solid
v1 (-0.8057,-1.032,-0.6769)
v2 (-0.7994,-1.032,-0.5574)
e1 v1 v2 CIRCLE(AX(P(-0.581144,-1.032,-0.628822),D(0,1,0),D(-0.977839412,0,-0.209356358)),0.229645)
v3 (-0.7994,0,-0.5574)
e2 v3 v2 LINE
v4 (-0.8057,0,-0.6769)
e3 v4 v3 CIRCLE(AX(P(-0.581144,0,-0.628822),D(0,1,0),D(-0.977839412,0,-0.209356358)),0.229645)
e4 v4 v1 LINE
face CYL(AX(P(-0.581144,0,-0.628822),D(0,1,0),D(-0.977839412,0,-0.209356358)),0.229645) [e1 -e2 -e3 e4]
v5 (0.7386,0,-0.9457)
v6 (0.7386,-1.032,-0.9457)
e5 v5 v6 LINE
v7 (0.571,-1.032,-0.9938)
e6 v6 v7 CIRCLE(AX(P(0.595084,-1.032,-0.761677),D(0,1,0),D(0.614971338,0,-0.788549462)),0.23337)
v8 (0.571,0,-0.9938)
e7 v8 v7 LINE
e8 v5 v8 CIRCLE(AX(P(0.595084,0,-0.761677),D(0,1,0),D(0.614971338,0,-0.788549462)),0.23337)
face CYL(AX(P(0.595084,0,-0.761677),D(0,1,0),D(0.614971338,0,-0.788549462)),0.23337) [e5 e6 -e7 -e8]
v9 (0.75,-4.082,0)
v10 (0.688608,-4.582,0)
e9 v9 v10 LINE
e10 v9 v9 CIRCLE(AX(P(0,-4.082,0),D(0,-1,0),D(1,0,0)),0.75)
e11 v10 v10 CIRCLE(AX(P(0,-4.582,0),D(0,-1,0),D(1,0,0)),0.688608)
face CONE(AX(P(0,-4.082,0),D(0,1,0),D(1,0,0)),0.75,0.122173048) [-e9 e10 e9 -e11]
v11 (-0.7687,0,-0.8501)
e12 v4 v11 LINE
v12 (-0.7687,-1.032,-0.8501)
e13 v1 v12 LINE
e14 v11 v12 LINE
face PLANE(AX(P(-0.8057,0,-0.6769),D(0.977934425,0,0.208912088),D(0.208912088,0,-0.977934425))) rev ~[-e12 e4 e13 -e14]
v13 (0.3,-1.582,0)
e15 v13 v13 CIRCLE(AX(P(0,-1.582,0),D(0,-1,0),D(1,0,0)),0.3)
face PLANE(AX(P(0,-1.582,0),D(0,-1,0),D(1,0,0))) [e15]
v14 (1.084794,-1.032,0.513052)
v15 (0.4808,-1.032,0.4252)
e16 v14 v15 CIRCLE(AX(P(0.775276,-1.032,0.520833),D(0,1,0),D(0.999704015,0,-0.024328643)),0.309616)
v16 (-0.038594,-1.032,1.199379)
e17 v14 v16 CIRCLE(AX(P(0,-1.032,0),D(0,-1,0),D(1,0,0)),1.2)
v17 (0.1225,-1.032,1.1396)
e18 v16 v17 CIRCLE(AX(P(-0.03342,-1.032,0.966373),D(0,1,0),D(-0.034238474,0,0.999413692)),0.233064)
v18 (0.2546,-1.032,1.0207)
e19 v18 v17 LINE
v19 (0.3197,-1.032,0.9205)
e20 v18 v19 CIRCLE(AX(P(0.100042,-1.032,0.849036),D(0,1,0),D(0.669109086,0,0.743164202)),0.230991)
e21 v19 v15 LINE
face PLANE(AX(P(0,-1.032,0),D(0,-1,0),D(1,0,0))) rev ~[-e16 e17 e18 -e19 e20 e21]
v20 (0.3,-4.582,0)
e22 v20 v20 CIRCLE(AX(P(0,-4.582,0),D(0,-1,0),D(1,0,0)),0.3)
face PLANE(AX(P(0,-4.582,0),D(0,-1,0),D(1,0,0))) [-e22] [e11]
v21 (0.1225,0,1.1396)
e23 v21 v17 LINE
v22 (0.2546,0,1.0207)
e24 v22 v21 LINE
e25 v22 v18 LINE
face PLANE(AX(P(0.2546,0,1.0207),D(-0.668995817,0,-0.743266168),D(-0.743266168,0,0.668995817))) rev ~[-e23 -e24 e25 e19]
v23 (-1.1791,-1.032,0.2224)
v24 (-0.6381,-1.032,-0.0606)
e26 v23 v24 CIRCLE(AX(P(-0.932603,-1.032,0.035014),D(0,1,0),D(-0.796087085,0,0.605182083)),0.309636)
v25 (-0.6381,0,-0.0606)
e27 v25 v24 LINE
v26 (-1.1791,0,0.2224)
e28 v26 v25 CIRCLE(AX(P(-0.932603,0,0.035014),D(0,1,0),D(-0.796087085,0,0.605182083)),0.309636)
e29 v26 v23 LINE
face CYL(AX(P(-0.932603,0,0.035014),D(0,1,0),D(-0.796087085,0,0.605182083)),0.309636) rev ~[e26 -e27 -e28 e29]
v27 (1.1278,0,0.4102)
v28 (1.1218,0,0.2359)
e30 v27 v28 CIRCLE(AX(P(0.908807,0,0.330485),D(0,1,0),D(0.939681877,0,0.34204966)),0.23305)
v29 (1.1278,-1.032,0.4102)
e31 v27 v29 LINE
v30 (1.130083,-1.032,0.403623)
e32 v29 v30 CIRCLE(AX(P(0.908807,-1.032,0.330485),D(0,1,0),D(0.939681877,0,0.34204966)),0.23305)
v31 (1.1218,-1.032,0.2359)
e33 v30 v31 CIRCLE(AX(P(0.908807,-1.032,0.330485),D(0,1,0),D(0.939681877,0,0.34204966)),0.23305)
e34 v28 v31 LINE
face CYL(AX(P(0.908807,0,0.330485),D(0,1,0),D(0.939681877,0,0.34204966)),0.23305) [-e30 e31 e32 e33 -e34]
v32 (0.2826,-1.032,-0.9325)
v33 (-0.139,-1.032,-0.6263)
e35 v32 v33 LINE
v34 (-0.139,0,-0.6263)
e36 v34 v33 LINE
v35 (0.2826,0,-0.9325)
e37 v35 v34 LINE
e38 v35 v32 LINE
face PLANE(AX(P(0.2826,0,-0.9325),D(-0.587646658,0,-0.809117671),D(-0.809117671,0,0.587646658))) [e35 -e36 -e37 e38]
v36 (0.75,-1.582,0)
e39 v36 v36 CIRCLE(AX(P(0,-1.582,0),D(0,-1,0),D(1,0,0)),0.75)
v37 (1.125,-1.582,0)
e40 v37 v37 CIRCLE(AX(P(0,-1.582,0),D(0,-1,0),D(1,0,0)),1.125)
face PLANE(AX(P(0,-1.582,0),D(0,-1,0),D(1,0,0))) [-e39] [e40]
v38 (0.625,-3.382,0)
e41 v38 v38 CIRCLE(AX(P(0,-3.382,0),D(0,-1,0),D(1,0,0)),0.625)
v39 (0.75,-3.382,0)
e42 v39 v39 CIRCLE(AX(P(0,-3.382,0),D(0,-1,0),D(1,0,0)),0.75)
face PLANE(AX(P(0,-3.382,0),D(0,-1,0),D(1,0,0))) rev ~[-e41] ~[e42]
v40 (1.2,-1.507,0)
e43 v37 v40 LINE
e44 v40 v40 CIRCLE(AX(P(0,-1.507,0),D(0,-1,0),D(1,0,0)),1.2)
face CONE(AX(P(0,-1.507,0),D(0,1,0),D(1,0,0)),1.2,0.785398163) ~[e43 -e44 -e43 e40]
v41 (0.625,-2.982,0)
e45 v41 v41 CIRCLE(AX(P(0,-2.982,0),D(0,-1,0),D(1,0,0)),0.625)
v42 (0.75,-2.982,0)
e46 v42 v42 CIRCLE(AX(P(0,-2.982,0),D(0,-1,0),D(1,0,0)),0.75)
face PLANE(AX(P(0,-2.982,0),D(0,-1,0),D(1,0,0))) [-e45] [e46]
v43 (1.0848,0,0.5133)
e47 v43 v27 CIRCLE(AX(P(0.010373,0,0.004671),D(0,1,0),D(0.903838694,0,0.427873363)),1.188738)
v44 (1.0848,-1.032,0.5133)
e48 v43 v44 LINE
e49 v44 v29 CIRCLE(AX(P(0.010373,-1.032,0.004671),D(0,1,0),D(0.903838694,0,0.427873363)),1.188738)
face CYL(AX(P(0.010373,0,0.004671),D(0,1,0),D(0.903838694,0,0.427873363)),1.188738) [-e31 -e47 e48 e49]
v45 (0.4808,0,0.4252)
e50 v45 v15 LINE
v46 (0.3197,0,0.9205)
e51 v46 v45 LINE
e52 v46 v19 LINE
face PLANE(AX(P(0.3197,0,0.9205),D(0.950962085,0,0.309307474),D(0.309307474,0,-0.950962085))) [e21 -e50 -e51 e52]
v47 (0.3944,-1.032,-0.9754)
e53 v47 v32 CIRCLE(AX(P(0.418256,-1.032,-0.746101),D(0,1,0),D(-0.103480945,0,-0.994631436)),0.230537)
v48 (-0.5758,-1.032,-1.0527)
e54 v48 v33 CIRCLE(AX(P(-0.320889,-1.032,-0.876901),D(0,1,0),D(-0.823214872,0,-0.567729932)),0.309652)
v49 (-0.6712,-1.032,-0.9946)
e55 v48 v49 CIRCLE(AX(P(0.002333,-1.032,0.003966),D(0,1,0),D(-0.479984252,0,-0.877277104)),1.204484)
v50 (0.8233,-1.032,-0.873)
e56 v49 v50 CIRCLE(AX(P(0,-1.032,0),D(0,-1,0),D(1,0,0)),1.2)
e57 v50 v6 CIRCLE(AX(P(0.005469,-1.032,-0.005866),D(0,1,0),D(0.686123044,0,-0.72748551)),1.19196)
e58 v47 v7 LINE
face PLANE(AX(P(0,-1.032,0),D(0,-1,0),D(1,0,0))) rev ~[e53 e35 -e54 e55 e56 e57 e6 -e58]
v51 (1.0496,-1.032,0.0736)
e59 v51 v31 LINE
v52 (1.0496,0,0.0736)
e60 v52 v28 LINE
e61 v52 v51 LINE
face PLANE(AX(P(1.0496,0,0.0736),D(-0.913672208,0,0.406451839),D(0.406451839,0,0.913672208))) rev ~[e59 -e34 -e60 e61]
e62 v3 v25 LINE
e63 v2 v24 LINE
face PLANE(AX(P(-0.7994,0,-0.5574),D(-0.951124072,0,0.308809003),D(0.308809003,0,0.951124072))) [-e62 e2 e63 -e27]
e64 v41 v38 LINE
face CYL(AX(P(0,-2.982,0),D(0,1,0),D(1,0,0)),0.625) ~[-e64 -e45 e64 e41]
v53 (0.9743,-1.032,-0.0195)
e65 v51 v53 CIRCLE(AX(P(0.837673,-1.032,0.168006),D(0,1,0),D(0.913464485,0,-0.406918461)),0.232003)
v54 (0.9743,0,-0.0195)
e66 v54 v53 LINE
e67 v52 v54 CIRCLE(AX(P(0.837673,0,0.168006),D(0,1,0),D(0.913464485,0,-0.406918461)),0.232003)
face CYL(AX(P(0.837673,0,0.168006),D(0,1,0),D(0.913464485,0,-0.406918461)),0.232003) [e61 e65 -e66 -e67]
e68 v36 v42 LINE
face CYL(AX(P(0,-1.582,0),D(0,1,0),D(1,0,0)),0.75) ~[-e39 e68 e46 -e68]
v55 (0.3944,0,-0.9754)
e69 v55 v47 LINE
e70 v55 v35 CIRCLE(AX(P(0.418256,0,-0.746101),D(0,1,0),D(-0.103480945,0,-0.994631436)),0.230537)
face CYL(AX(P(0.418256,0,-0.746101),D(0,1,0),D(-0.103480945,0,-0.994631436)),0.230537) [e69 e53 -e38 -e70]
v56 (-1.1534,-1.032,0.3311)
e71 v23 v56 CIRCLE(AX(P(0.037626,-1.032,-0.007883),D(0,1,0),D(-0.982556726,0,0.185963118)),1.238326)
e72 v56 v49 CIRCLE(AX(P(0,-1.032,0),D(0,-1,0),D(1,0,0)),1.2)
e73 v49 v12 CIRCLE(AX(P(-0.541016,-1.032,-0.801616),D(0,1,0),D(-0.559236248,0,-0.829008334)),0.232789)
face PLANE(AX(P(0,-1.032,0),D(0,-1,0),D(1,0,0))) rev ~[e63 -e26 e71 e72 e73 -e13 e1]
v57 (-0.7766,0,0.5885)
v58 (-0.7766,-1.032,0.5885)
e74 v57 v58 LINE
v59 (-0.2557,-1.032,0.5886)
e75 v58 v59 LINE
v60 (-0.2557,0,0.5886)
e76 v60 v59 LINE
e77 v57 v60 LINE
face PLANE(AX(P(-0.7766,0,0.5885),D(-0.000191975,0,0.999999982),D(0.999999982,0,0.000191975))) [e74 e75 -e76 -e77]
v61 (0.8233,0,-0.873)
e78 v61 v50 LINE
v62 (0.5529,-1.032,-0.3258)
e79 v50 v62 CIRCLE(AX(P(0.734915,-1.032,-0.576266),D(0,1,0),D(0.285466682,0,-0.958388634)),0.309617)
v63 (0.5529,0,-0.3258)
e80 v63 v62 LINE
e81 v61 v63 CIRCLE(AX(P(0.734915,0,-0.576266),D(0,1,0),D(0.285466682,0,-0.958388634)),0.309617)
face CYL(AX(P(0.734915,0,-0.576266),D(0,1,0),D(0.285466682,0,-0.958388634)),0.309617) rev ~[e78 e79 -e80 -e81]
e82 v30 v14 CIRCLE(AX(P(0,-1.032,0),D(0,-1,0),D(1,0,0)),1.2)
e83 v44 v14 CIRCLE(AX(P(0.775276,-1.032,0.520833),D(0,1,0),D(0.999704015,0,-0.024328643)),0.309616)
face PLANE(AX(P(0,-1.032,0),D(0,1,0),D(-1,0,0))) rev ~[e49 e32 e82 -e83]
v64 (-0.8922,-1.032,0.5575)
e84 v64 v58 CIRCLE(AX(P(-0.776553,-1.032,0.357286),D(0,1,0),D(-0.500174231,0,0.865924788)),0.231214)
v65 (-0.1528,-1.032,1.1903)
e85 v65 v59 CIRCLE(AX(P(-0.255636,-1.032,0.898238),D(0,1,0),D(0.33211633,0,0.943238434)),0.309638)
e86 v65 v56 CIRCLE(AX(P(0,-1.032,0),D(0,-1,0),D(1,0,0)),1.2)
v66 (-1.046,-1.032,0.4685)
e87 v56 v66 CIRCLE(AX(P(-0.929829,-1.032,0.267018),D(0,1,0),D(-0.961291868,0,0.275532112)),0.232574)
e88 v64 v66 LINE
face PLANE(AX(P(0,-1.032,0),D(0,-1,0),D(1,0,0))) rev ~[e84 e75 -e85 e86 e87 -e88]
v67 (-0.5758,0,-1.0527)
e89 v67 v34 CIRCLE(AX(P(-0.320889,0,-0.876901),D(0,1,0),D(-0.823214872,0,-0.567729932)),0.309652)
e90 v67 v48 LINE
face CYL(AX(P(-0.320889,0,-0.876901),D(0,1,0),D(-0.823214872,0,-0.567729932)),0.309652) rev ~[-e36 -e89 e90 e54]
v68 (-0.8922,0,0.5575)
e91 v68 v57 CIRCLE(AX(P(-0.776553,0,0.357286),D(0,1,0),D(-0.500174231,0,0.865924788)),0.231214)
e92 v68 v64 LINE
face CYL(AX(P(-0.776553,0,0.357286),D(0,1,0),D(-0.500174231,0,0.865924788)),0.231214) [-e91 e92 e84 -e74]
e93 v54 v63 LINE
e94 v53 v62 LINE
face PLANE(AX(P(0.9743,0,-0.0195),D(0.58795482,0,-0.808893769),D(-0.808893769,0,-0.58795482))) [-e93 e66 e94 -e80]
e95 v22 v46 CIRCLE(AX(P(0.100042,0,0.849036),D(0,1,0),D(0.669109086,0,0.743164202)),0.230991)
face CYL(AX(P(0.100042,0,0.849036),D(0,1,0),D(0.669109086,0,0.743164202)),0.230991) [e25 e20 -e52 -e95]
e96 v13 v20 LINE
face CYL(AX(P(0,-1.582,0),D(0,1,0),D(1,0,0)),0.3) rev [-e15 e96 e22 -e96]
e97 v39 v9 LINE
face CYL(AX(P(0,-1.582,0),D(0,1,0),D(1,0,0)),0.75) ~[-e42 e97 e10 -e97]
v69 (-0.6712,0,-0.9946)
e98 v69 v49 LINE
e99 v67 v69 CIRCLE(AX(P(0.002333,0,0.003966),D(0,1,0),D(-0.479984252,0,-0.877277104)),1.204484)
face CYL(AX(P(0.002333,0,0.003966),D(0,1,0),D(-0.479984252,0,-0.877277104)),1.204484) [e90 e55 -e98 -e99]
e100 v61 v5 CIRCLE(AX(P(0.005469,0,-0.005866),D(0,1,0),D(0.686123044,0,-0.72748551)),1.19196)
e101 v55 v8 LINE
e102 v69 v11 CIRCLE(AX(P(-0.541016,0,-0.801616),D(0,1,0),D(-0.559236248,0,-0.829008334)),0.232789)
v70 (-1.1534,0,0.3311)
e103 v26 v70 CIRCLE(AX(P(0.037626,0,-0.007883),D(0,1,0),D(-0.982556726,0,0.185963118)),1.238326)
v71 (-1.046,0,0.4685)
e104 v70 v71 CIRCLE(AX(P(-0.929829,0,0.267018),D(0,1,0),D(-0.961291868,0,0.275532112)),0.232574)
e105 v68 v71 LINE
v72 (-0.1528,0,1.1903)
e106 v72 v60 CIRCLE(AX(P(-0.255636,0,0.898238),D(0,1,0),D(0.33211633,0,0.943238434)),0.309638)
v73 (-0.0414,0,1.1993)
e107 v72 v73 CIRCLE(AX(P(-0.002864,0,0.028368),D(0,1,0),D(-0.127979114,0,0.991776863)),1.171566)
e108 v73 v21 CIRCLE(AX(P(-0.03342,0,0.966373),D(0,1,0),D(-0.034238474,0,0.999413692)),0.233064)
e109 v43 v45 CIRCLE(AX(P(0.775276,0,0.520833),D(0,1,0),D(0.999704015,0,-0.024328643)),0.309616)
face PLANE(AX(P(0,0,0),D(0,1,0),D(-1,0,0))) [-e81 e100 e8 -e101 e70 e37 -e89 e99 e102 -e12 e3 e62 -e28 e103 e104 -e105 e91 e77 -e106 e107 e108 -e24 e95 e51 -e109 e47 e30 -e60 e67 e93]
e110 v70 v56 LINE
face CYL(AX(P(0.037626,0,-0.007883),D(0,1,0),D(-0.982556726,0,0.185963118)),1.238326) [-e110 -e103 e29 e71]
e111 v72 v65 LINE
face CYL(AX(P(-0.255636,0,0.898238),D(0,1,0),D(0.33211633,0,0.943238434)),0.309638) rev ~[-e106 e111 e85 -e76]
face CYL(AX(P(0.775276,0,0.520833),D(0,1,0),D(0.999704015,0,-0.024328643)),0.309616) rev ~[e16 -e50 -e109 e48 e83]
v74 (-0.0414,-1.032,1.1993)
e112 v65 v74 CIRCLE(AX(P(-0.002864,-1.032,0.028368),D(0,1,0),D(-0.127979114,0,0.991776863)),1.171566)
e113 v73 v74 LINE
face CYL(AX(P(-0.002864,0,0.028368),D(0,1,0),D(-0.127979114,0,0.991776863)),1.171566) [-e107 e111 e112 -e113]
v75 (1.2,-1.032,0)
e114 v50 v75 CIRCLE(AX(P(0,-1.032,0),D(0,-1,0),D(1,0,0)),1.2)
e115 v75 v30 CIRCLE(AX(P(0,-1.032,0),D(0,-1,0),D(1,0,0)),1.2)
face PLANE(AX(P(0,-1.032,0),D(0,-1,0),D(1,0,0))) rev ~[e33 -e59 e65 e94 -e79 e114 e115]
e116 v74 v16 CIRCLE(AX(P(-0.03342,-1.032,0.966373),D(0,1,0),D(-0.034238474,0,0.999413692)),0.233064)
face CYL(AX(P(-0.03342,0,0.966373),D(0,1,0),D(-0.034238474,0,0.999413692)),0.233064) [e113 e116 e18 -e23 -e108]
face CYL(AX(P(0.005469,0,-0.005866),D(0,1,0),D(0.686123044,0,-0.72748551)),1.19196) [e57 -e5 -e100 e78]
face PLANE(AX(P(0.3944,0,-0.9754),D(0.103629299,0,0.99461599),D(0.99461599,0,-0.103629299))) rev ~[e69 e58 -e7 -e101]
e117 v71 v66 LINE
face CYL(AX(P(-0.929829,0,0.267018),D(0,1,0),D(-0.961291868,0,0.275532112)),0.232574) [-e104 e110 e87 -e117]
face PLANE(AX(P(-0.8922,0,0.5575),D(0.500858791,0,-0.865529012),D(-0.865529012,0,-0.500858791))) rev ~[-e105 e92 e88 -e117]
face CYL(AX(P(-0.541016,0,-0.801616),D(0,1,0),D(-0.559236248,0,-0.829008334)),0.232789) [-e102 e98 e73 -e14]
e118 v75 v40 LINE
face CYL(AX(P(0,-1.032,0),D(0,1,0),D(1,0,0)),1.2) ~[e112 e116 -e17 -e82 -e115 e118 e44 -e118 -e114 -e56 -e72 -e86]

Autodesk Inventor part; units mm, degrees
ref_plane "YZ Plane" through (0, 0, 0) normal (1, 0, 0) x (0, 1, 0)
sketch "Sketch2" plane through (0, 0, 0) normal (0, 1, 0) x (-1, 0, 0)
  line L0 (-0.2546, 1.0207) -> (-0.1225, 1.1396)
  line L1 (-0.2546, 1.0207) -> (-0.1225, 1.1396)
  line L2 (-0.3944, -0.9754) -> (-0.571, -0.9938)
  arc A0 (0.5758, -1.0527) -> (0.139, -0.6263) centre (0.3209, -0.8769) ccw
  line L3 (-0.2826, -0.9325) -> (0.139, -0.6263)
  arc A1 (-0.8233, -0.873) -> (-0.7386, -0.9457) centre (-0.0001, 0.0001) ccw
  line L4 (-0.2826, -0.9325) -> (0.139, -0.6263)
  arc A2 (-0.3944, -0.9754) -> (-0.2826, -0.9325) centre (-0.4184, -0.7455) ccw
  line L5 (0.8922, 0.5575) -> (1.046, 0.4685)
  arc A3 (0.1528, 1.1903) -> (0.2557, 0.5886) centre (0.2557, 0.8982) ccw
  line L6 (0.7766, 0.5885) -> (0.2557, 0.5886)
  arc A4 (0.8922, 0.5575) -> (0.7766, 0.5885) centre (0.7766, 0.3574) ccw
  line L7 (0.8057, -0.6769) -> (0.7687, -0.8501)
  arc A5 (1.1791, 0.2224) -> (0.6381, -0.0606) centre (0.9326, 0.035) ccw
  line L8 (0.7994, -0.5574) -> (0.6381, -0.0606)
  arc A6 (0.8057, -0.6769) -> (0.7994, -0.5574) centre (0.5796, -0.6287) ccw
  arc A7 (-1.0848, 0.5133) -> (-0.4808, 0.4252) centre (-0.7752, 0.5209) ccw
  line L9 (-0.3197, 0.9205) -> (-0.4808, 0.4252)
  arc A8 (-0.2546, 1.0207) -> (-0.3197, 0.9205) centre (-0.1, 0.849) ccw
  line L10 (-1.0496, 0.0736) -> (-1.1218, 0.2359)
  arc A9 (-0.8233, -0.873) -> (-0.5529, -0.3258) centre (-0.7349, -0.5763) ccw
  line L11 (-0.9743, -0.0195) -> (-0.5529, -0.3258)
  arc A10 (-1.0496, 0.0736) -> (-0.9743, -0.0195) centre (-0.8385, 0.1675) ccw
  arc A11 (1.1791, 0.2224) -> (1.1534, 0.3311) centre (-0.0001, 0.0001) ccw
  arc A12 (-1.0848, 0.5133) -> (-1.1278, 0.4102) centre (-0.0001, 0.0001) ccw
  arc A13 (0.5758, -1.0527) -> (0.6712, -0.9946) centre (-0.0001, 0.0001) ccw
  arc A14 (0.1528, 1.1903) -> (0.0414, 1.1993) centre (-0.0001, 0.0001) ccw
  arc A15 (0.0414, 1.1993) -> (-0.1225, 1.1396) centre (0.0334, 0.9665) ccw
  arc A16 (-1.1278, 0.4102) -> (-1.1218, 0.2359) centre (-0.9089, 0.3305) ccw
  arc A17 (1.1534, 0.3311) -> (1.046, 0.4685) centre (0.9294, 0.2668) ccw
  arc A18 (-0.7386, -0.9457) -> (-0.571, -0.9938) centre (-0.5953, -0.7621) ccw
  arc A19 (0.6712, -0.9946) -> (0.7687, -0.8501) centre (0.5409, -0.8015) ccw
  circle A20 centre (-0.0001, 0.0001) radius 1.2
  point P0 (-1.0498, 0.074)
  point P1 (0.7767, 0.5884)
  point P2 (0.2555, 0.5884)
  dimension "d305" = 2.4
sketch "Sketch3" plane through (0, 0, 0) normal (0, 1, 0) x (-1, 0, 0)
  line L0 (5.0133, 39.043) -> (38.6813, 7.297)
  line L1 (38.6813, 7.297) -> (18.893, -34.5332)
  line L2 (18.893, -34.5332) -> (-27.0048, -28.6397)
  line L3 (-27.0048, -28.6397) -> (-35.5829, 16.8329)
  line L4 (-35.5829, 16.8329) -> (5.0133, 39.043)
  circle A0 centre (0, 0) radius 39.3635
  circle A1 centre (0, 0) radius 20.4353
  circle A2 centre (0, 0) radius 31.8458
  circle A3 centre (10.4717, -28.7325) radius 10.093
  circle A4 centre (41.1153, -0.5956) radius 4.0726
  circle A5 centre (8.144, 29.3283) radius 10.0252
  circle A6 centre (-25.3778, 16.9956) radius 10.0583
  circle A7 centre (-24.1576, -18.872) radius 10.1582
  line L5 (-25.3778, 16.9956) -> (8.3216, 29.3877)
  line L6 (8.3216, 29.3877) -> (30.5209, 1.1669)
  line L7 (30.5209, 1.1669) -> (10.5413, -28.6665)
  line L8 (10.5413, -28.6665) -> (-24.006, -18.8838)
  line L9 (-24.006, -18.8838) -> (-25.3778, 16.9956)
  line L10 (-31.306, -23.8626) -> (-32.3687, 22.3998)
  line L11 (-32.3687, 22.3998) -> (11.301, 37.7064)
  line L12 (11.301, 37.7064) -> (39.3531, 0.904)
  line L13 (39.3531, 0.904) -> (13.0206, -37.1477)
  line L14 (13.0206, -37.1477) -> (-31.306, -23.8626)
  point P0 (-9.1427, -30.5051)
extrude "Extrusion4" add sketch "Sketch2" against normal blind 1.032 contours L0 A15 A14 A3 L6 A4 L5 A17 A11 A5 L8 A6 L7 A19 A13 A0 L3 A2 L2 A18 A1 A9 L11 A10 L10 A16 A12 A7 L9 A8
sketch "Sketch6" plane through (0, -1.032, 0) normal (0, -1, 0) x (1, 0, 0)
  circle A0 centre (0, 0) radius 1.2
  dimension "d304" = 2.4
extrude "Extrusion5" add sketch "Sketch6" along normal blind 0.55
ref_plane "Plan de construction1" through (0, -1.582, 0) normal (0, -1, 0) x (1, 0, 0)
sketch "Sketch7" plane through (0, -1.582, 0) normal (0, -1, 0) x (1, 0, 0)
  circle A0 centre (0, 0) radius 0.75
  circle A1 centre (0, 0) radius 0.3
  circle A2 centre (0, 0) radius 0.625
  dimension "d303" = 1.5
  dimension "d306" = 0.6
  dimension "d307" = 1.25
extrude "Extrusion6" add sketch "Sketch7" along normal blind 3 contours A0 | A2
ref_plane "Plan de construction2" through (0, -2.982, 0) normal (0, -1, 0) x (1, 0, 0)
extrude "Extrusion7" cut sketch "Sketch7" along normal blind 0.4 from surface at 1.4 contours A0
chamfer "Chanfrein2" distance 0.5 angle 7 1 edges at (-0.75, -4.582, 0) measured on face at (0.7476, -4.182, -0.0603)
chamfer "Chanfrein3" distance 0.075 angle 45 1 edges at (-1.2, -1.582, 0)
properties part number "2.5mm_uncorrected"
